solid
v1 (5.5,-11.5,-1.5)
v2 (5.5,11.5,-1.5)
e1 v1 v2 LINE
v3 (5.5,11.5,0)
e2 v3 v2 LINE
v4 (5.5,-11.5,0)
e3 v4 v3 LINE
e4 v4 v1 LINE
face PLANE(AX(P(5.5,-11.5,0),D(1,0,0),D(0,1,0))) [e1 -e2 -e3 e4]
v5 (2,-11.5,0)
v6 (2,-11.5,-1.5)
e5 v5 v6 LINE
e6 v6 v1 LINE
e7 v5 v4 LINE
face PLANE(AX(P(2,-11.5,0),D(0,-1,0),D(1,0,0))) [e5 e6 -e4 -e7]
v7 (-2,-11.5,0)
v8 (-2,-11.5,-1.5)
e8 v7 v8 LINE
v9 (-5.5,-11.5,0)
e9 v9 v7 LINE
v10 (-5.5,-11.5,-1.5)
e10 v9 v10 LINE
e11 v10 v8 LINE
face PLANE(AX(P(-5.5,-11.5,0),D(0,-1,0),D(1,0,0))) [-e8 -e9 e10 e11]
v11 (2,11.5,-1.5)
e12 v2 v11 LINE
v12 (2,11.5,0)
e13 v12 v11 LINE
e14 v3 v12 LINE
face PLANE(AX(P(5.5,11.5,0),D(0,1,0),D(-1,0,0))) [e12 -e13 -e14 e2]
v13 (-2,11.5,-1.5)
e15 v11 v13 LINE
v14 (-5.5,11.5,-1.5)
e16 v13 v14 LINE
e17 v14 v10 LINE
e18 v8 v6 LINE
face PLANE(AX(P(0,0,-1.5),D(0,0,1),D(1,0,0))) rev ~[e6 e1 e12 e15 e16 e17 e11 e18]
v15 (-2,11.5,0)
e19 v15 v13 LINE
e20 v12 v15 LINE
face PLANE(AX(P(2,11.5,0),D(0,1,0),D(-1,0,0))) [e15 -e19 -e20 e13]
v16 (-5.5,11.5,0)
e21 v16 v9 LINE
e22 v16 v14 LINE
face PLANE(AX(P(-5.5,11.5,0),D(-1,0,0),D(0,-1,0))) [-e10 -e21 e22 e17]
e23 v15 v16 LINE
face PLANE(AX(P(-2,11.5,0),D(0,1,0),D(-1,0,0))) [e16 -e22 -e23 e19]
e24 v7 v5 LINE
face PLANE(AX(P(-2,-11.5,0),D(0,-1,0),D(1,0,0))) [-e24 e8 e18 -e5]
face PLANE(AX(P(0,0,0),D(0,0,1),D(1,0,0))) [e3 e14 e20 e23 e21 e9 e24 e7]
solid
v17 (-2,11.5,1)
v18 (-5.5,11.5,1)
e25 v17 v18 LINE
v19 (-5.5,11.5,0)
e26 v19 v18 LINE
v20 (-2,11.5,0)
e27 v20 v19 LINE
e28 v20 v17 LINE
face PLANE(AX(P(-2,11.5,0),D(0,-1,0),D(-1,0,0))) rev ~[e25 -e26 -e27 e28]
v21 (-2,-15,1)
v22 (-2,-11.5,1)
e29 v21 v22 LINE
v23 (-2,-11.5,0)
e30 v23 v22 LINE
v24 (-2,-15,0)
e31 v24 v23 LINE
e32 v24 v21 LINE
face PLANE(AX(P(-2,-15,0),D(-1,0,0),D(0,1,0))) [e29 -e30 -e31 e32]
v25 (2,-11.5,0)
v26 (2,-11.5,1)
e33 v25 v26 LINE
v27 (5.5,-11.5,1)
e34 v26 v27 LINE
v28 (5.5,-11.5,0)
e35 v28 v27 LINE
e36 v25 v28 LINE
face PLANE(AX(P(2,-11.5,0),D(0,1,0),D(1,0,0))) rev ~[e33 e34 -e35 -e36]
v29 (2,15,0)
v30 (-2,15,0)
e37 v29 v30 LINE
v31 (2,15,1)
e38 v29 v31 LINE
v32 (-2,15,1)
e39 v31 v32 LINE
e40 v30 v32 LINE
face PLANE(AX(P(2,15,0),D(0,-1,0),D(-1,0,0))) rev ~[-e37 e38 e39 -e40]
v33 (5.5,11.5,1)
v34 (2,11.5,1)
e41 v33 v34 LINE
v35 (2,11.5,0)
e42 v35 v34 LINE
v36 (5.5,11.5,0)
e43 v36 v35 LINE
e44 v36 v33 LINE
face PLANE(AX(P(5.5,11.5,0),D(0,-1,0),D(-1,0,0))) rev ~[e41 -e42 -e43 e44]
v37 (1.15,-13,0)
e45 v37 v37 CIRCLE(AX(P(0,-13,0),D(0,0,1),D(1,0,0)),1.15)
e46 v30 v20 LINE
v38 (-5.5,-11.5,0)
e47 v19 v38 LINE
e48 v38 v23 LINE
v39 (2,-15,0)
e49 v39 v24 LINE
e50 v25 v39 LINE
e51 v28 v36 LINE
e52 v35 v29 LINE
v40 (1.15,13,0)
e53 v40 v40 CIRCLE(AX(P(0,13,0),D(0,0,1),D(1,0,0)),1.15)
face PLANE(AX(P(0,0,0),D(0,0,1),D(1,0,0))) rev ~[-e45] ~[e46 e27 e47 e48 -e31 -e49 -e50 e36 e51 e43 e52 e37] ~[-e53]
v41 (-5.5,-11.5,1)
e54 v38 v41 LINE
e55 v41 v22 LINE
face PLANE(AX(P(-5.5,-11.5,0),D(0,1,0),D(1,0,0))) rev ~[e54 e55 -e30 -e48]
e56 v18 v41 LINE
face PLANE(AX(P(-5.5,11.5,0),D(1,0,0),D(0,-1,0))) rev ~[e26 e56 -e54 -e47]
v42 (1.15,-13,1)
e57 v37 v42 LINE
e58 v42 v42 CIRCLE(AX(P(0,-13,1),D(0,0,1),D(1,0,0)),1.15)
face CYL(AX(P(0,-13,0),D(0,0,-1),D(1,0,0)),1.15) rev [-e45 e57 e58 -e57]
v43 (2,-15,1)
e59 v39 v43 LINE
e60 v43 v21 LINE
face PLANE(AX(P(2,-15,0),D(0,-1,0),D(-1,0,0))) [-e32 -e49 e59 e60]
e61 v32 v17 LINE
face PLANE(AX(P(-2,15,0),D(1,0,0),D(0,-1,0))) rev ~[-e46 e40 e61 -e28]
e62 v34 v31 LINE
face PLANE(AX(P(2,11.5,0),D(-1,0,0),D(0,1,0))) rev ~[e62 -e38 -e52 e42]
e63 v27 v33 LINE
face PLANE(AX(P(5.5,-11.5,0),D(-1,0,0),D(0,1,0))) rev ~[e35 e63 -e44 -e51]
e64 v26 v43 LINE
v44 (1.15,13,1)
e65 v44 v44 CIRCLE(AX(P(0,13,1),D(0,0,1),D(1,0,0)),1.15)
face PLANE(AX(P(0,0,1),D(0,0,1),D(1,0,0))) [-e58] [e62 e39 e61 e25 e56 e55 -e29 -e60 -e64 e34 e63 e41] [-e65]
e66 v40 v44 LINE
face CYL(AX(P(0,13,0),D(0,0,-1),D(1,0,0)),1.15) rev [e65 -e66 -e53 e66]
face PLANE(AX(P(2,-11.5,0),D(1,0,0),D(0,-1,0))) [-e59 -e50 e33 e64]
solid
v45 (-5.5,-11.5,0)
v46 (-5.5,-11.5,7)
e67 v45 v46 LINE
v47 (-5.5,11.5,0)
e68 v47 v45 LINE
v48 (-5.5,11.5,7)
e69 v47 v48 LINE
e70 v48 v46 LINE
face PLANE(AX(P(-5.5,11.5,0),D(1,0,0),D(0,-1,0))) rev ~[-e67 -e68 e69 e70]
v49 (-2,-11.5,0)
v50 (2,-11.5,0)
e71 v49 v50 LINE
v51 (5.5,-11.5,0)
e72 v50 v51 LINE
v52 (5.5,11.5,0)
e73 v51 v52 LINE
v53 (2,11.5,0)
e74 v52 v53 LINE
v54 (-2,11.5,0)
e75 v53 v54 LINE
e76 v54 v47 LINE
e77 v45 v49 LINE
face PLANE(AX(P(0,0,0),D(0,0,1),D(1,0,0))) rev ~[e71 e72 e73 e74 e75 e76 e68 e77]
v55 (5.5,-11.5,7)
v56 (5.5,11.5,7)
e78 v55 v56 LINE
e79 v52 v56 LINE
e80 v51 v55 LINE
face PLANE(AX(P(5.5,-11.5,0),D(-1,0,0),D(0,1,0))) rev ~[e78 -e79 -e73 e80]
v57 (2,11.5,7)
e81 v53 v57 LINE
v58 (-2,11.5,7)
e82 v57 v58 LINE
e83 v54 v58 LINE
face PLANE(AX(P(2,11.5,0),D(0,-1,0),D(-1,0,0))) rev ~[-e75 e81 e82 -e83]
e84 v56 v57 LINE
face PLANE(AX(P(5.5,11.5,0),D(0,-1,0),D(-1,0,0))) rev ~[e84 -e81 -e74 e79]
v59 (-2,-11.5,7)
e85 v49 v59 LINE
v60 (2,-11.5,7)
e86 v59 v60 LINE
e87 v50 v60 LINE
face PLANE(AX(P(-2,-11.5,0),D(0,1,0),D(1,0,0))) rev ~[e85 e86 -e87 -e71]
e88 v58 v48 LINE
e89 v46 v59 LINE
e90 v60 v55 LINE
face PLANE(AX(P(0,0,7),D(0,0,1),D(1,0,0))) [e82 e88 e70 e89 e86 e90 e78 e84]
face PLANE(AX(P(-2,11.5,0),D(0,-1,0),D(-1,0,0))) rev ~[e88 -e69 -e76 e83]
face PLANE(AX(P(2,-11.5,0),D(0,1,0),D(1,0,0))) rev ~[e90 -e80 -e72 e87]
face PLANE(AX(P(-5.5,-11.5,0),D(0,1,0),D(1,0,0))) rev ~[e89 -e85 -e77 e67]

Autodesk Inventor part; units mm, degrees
ref_plane "YZ Plane" through (0, 0, 0) normal (1, 0, 0) x (0, 1, 0)
ref_plane "XZ Plane" through (0, 0, 0) normal (0, 1, 0) x (-1, 0, 0)
ref_plane "XY Plane" through (0, 0, 0) normal (0, 0, 1) x (1, 0, 0)
sketch "Sketch1" plane through (0, 0, 0) normal (0, 0, 1) x (1, 0, 0)
  line L0 (5.5, 11.5) -> (-5.5, 11.5)
  line L1 (-5.5, 11.5) -> (-5.5, -11.5)
  line L2 (-5.5, -11.5) -> (5.5, -11.5)
  line L3 (5.5, -11.5) -> (5.5, 11.5)
  line L4 (5.5, 11.5) -> (-5.5, -11.5) construction
  line L5 (-5.5, 11.5) -> (5.5, -11.5) construction
  line L6 (2, 11.5) -> (2, 15)
  line L7 (2, 15) -> (-2, 15)
  line L8 (-2, 15) -> (-2, 11.5)
  line L9 (5.5, 0) -> (-5.5, 0) construction
  line L10 (2, -11.5) -> (2, -15)
  line L11 (2, -15) -> (-2, -15)
  line L12 (-2, -15) -> (-2, -11.5)
  line L13 (0, 15) -> (0, -15) construction
  circle A0 centre (0, 13) radius 1.15
  circle A1 centre (0, -13) radius 1.15
  point P0 (0, 0)
  point P1 (0, 0)
  dimension "d0" = 23
  dimension "d1" = 11
  dimension "d2" = 2.3
  dimension "d3" = 4
  dimension "d4" = 3.5
  dimension "d5" = 26
extrude "Extrusion1" add sketch "Sketch1" along normal blind 1
extrude "Extrusion2" add sketch "Sketch1" along normal blind 7 separate body contours L3 L2 L1 L0
extrude "Extrusion3" add sketch "Sketch1" against normal blind 1.5 separate body contours L3 L2 L1 L0
properties part number "DC-Voltmeter-Red"
